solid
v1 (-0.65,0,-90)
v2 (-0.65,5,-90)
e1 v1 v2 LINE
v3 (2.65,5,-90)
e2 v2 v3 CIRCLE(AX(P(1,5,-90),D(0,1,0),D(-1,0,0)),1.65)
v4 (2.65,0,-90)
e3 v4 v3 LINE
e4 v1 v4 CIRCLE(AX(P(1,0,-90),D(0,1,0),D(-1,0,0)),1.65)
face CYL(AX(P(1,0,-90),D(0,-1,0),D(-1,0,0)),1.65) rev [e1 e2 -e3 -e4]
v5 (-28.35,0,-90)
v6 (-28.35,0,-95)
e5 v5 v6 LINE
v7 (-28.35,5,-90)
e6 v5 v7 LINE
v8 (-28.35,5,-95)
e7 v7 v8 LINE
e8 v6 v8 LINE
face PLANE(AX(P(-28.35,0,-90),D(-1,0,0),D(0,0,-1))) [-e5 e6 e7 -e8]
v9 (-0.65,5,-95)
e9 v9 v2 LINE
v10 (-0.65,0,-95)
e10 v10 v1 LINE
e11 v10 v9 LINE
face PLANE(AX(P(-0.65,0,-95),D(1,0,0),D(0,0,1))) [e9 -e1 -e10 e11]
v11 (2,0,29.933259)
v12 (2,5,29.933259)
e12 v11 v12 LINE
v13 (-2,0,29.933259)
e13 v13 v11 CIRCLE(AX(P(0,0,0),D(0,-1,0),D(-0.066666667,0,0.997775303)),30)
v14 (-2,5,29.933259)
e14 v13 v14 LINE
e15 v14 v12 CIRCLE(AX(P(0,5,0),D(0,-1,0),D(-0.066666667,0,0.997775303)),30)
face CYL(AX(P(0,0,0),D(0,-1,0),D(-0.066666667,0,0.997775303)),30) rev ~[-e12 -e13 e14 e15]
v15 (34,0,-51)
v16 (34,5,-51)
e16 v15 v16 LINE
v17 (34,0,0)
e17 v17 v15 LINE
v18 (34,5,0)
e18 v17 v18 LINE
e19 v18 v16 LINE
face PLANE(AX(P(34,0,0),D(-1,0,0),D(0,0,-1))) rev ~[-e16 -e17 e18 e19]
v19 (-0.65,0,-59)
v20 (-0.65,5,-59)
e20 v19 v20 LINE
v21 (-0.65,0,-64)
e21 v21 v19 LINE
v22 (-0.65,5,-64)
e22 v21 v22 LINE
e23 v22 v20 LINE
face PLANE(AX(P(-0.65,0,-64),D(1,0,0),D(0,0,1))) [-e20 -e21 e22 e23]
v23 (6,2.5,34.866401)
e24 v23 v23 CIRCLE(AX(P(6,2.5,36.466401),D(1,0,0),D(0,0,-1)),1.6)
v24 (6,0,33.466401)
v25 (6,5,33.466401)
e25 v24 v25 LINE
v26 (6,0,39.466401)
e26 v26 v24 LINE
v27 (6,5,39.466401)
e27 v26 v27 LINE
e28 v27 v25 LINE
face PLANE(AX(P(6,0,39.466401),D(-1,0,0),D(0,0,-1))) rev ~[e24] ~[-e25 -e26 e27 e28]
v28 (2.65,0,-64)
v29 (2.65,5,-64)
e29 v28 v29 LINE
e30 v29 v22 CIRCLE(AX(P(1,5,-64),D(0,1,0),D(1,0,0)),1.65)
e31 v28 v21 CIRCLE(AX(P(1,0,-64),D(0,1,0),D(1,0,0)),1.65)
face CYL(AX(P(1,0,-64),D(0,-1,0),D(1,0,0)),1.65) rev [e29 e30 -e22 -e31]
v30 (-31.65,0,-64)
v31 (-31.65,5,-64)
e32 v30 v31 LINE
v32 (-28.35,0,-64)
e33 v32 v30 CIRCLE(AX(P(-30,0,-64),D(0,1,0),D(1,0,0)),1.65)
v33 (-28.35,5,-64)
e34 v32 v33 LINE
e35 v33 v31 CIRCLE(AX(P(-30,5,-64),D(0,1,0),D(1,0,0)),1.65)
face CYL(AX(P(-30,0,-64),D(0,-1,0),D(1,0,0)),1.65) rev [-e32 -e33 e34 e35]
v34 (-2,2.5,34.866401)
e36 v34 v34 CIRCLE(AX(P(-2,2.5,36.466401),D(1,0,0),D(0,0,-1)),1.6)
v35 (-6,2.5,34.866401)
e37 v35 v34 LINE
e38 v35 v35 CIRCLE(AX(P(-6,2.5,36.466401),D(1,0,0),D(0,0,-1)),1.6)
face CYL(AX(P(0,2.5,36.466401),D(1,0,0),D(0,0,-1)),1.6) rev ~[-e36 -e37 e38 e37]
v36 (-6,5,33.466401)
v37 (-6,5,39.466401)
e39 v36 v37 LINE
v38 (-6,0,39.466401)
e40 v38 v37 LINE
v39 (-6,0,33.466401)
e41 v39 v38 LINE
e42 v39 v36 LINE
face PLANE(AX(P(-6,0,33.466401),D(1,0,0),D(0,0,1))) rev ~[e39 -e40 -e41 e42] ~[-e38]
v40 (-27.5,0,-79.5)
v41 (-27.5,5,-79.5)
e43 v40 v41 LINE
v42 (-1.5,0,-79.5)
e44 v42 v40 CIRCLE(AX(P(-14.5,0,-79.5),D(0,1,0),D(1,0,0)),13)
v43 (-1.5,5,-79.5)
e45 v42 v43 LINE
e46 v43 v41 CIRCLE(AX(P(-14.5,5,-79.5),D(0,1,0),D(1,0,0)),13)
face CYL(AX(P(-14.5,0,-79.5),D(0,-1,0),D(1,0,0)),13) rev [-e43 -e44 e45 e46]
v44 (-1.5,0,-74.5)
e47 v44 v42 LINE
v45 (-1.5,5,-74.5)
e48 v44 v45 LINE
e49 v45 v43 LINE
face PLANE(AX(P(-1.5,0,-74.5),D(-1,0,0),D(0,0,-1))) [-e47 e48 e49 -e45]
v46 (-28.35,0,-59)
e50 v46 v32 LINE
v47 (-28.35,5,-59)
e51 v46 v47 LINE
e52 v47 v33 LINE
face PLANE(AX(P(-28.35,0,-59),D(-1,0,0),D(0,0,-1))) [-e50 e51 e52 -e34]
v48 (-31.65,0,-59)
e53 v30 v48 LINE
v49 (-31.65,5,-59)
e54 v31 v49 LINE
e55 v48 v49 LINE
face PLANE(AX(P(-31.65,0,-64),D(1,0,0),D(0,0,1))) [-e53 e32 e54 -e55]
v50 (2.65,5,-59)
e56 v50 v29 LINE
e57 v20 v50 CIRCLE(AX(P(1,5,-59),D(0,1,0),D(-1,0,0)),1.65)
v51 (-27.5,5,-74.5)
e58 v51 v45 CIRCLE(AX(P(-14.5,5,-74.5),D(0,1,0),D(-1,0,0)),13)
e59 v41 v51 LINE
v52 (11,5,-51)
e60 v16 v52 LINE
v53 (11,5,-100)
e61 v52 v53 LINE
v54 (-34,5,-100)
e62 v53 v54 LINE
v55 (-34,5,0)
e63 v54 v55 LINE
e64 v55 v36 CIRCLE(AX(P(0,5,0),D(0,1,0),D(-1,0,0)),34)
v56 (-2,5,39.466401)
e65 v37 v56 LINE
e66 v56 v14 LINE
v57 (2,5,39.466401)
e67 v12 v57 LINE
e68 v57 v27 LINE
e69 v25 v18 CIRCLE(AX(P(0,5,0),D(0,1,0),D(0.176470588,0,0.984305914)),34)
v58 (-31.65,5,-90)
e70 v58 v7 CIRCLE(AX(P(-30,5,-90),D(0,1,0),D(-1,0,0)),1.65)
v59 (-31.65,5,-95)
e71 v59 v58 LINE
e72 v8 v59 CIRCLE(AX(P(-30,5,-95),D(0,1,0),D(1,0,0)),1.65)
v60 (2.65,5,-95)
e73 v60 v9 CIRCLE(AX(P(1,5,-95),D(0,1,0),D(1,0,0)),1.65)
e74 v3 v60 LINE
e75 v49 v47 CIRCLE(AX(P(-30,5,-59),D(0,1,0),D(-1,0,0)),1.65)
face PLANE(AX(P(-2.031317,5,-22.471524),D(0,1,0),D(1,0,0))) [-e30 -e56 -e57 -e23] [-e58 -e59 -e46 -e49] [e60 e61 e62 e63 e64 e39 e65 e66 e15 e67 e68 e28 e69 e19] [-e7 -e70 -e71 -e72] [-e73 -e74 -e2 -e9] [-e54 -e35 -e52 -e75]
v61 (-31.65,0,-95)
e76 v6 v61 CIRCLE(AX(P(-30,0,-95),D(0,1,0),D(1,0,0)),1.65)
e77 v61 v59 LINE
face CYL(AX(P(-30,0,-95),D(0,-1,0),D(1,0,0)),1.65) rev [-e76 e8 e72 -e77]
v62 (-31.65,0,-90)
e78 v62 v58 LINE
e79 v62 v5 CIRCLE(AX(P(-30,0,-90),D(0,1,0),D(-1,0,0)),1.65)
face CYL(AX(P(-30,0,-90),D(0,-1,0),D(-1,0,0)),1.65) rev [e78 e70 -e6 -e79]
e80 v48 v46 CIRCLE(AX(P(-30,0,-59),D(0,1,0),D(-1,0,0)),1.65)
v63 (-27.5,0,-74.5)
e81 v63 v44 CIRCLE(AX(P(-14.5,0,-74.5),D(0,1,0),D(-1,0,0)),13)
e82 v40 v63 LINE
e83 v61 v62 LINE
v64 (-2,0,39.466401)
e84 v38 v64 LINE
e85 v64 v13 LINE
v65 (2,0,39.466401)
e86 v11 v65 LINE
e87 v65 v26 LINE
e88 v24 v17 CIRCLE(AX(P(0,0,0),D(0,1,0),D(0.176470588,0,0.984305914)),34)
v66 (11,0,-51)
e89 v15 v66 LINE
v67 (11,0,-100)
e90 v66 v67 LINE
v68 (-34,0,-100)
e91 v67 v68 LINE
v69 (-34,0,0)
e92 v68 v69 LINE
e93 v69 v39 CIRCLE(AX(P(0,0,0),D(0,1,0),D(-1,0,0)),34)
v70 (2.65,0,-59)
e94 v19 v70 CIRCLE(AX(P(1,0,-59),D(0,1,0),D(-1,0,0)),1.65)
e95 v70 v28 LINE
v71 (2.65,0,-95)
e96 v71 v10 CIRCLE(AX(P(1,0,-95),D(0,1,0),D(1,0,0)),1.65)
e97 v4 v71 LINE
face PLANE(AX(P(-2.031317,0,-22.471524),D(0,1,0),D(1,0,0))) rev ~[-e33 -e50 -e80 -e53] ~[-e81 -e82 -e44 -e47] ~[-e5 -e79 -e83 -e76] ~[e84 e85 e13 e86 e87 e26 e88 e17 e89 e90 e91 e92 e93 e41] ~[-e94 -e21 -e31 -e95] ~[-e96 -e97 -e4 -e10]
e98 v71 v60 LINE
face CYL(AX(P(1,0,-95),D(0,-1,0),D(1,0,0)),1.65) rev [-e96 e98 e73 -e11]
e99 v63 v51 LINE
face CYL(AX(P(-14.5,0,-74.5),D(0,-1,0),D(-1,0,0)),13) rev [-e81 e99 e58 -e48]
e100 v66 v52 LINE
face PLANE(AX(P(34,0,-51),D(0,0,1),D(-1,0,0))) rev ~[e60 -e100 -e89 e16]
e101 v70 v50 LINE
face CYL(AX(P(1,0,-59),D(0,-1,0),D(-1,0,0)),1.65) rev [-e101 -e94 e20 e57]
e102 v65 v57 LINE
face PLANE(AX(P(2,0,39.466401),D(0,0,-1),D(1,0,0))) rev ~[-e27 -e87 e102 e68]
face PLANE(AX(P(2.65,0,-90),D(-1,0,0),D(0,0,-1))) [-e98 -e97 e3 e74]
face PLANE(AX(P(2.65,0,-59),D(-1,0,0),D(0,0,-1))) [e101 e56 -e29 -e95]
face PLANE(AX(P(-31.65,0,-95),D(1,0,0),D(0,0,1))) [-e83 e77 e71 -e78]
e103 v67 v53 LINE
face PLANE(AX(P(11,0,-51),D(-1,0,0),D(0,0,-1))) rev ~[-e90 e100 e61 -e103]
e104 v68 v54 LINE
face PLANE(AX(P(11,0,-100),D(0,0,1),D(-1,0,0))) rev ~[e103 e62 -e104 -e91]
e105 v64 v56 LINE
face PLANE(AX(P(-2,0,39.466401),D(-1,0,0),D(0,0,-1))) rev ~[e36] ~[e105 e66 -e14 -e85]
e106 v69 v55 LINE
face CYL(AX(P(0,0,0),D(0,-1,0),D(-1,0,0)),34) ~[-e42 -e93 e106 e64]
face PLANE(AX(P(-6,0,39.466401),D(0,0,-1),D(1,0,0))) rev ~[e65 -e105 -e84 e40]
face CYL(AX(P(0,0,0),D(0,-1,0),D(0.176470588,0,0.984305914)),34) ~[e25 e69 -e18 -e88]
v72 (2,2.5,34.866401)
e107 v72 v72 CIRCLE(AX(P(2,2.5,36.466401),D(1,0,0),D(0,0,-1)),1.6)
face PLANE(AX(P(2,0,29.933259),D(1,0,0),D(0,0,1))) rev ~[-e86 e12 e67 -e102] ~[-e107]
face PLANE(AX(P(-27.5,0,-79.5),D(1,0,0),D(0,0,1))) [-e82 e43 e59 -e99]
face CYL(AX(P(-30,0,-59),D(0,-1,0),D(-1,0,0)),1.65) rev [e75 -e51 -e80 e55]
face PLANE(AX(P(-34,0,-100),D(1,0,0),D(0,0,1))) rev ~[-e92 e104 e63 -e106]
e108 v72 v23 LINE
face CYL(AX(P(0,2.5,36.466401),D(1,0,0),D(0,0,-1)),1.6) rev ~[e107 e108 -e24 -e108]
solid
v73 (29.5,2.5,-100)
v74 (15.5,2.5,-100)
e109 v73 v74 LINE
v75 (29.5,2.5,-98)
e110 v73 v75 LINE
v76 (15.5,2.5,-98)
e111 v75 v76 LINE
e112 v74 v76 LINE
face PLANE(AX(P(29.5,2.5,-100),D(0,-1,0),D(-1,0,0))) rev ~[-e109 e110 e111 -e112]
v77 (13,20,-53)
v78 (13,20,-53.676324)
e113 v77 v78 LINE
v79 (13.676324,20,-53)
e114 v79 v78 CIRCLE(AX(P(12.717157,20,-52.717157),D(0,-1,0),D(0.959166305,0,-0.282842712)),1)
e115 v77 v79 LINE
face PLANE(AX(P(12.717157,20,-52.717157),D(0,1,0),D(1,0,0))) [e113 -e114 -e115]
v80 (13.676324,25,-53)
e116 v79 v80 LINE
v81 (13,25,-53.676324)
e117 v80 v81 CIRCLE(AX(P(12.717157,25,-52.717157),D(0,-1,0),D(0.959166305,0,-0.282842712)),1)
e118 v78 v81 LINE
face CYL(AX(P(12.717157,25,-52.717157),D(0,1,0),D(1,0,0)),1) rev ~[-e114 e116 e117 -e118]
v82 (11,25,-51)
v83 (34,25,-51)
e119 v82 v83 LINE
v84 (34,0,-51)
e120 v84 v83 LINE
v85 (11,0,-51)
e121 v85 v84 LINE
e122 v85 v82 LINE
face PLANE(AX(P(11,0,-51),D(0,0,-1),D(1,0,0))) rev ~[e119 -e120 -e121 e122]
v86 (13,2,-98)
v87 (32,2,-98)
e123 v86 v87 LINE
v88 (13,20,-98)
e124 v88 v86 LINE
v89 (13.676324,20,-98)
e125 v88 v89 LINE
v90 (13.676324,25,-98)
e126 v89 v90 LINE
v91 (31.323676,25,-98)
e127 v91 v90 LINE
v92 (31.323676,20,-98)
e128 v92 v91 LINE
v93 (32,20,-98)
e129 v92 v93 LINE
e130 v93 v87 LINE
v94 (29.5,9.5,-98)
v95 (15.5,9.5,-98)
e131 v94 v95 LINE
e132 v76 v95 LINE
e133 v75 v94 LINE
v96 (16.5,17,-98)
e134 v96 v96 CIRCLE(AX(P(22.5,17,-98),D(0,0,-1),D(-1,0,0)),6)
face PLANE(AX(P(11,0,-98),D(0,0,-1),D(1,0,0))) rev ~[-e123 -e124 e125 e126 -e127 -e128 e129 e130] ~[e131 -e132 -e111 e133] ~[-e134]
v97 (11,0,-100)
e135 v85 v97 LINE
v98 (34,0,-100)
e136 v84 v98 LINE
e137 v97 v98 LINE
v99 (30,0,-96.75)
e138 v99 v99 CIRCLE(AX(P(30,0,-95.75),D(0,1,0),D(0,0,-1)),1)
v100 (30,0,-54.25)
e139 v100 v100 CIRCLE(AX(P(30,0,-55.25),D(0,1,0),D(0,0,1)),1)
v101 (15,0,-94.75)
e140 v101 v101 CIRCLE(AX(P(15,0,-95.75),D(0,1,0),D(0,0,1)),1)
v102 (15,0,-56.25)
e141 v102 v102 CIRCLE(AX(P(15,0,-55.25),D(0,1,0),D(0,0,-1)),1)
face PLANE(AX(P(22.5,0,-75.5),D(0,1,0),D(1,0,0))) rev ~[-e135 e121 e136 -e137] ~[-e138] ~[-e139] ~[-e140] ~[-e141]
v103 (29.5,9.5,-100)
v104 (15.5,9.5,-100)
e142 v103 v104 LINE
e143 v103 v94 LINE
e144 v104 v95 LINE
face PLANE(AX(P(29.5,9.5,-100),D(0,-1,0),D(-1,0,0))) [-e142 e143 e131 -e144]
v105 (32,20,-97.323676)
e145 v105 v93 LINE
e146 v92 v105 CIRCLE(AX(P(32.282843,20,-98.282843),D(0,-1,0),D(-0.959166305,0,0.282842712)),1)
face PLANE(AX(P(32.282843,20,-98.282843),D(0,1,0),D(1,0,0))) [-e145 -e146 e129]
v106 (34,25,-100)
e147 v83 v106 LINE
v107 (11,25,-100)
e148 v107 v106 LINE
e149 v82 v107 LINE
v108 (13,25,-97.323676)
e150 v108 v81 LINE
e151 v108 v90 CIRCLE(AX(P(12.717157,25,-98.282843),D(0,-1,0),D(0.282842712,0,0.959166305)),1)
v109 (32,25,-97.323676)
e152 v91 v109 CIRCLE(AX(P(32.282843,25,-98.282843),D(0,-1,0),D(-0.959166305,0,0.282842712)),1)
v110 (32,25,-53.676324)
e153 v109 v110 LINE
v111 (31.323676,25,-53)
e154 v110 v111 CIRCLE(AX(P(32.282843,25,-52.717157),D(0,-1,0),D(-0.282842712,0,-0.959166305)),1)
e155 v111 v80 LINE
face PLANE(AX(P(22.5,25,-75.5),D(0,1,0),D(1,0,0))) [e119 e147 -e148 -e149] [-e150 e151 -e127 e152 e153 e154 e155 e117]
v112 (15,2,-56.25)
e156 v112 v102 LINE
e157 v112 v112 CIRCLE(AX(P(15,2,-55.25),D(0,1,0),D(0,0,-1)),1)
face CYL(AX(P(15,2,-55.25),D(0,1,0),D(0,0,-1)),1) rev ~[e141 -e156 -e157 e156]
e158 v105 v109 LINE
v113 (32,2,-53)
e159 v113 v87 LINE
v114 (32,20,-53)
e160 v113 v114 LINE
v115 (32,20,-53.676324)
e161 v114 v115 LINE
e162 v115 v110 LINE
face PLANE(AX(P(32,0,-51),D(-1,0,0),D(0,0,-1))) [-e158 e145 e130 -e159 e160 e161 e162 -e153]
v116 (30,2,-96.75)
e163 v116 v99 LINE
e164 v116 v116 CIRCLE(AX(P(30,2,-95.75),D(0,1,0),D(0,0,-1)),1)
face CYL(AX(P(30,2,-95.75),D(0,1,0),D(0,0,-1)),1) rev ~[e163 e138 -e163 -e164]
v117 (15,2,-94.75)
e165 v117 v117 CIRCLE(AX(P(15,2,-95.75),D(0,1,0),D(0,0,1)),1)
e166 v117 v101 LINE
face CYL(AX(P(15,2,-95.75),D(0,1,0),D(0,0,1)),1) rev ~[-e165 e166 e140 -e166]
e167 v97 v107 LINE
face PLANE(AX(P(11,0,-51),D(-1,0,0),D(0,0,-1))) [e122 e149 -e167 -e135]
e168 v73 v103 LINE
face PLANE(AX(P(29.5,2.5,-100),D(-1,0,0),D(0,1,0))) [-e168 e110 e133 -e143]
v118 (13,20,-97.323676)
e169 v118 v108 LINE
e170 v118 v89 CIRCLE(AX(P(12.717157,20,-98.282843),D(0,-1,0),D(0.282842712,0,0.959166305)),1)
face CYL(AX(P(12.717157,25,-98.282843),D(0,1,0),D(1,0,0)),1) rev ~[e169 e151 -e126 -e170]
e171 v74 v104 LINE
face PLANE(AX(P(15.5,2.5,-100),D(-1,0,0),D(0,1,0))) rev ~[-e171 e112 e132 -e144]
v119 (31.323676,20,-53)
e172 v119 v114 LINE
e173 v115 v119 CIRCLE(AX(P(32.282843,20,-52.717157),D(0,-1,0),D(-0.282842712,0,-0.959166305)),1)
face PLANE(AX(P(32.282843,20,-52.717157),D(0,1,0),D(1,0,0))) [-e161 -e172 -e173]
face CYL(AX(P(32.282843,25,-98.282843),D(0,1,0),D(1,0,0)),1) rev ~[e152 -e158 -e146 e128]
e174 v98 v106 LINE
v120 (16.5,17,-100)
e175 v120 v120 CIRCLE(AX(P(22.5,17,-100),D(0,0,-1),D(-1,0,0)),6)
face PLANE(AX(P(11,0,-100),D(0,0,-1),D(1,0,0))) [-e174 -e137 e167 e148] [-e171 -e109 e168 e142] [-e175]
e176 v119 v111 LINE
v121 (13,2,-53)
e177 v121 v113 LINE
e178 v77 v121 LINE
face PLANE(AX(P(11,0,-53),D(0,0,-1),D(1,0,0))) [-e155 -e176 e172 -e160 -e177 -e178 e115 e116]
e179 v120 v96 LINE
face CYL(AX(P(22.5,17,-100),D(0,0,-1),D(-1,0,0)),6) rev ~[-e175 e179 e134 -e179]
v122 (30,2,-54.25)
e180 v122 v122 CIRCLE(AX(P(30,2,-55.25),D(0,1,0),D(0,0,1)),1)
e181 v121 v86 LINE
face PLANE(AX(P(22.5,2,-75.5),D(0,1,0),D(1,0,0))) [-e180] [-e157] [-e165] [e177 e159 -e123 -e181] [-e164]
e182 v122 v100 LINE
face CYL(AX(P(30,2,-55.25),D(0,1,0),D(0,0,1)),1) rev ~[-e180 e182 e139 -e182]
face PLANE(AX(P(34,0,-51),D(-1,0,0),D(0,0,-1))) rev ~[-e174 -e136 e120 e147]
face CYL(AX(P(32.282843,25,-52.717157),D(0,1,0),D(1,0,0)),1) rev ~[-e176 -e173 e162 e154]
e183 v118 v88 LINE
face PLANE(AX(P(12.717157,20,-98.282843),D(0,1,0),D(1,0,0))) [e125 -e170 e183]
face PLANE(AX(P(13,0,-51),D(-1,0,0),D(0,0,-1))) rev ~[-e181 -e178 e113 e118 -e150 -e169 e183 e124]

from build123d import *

# Parameters (mm, degrees)
EXTRUDE_1_DEPTH     = 5
SKETCH_4_R          = 1.6
CUT_EXTRUDE_1_DEPTH = 10
SKETCH_5_W          = 23
SKETCH_5_H          = 49
EXTRUDE_2_DEPTH     = 25
SHELL_1_T           = -2
SKETCH_6_R          = 6
SKETCH_6_W          = 14
SKETCH_6_H          = 7
CUT_EXTRUDE_2_DEPTH = 2
SKETCH_7_R          = 1
CUT_EXTRUDE_3_DEPTH = 5
SKETCH_10_R         = 1
CUT_EXTRUDE_4_DEPTH = 10


with BuildPart() as part:
    # 草图2 → 凸台-拉伸1 (new body)
    with BuildSketch(Plane(origin=(0, 0, 0), x_dir=(1, 0, 0), z_dir=(0, 1, 0))):
        with BuildLine():
            Line((6, -39.466401061), (6, -33.466401061))
            ThreePointArc((6, -33.466401061), (26.076809621, -21.817424229), (34, 0))
            Line((34, 0), (34, 51))
            Line((34, 51), (11, 51))
            Line((11, 51), (11, 100))
            Line((11, 100), (-34, 100))
            Line((-34, 100), (-34, 0))
            ThreePointArc((-34, 0), (-26.076809621, -21.817424229), (-6, -33.466401061))
            Line((-6, -33.466401061), (-6, -39.466401061))
            Line((-6, -39.466401061), (-2, -39.466401061))
            Line((-2, -39.466401061), (-2, -29.933259094))
            ThreePointArc((-2, -29.933259094), (0, 30), (2, -29.933259094))
            Line((2, -29.933259094), (2, -39.466401061))
            Line((2, -39.466401061), (6, -39.466401061))
        make_face()
        with BuildLine():
            ThreePointArc((-0.65, 90), (1, 88.35), (2.65, 90))
            Line((2.65, 90), (2.65, 95))
            ThreePointArc((2.65, 95), (1, 96.65), (-0.65, 95))
            Line((-0.65, 95), (-0.65, 90))
        make_face(mode=Mode.SUBTRACT)
        with BuildLine():
            ThreePointArc((-31.65, 90), (-30, 88.35), (-28.35, 90))
            Line((-28.35, 90), (-28.35, 95))
            ThreePointArc((-28.35, 95), (-30, 96.65), (-31.65, 95))
            Line((-31.65, 95), (-31.65, 90))
        make_face(mode=Mode.SUBTRACT)
        with BuildLine():
            ThreePointArc((-27.5, 74.5), (-14.5, 61.5), (-1.5, 74.5))
            Line((-1.5, 74.5), (-1.5, 79.5))
            ThreePointArc((-1.5, 79.5), (-14.5, 92.5), (-27.5, 79.5))
            Line((-27.5, 79.5), (-27.5, 74.5))
        make_face(mode=Mode.SUBTRACT)
        with BuildLine():
            ThreePointArc((-0.65, 59), (1, 57.35), (2.65, 59))
            Line((2.65, 59), (2.65, 64))
            ThreePointArc((2.65, 64), (1, 65.65), (-0.65, 64))
            Line((-0.65, 64), (-0.65, 59))
        make_face(mode=Mode.SUBTRACT)
        with BuildLine():
            ThreePointArc((-31.65, 59), (-30, 57.35), (-28.35, 59))
            Line((-28.35, 59), (-28.35, 64))
            ThreePointArc((-28.35, 64), (-30, 65.65), (-31.65, 64))
            Line((-31.65, 64), (-31.65, 59))
        make_face(mode=Mode.SUBTRACT)
    extrude(amount=EXTRUDE_1_DEPTH)

    # 草图4 → 切除-拉伸1 (cut, symmetric)
    with BuildSketch(Plane(origin=(0, 0, 0), x_dir=(0, 0, -1), z_dir=(1, 0, 0))):
        with Locations((-36.466401061, 2.5)):
            Circle(SKETCH_4_R)
    extrude(amount=CUT_EXTRUDE_1_DEPTH, both=True, mode=Mode.SUBTRACT)


with BuildPart() as body_2:
    # 草图5 → 凸台-拉伸2 (new body)
    with BuildSketch(Plane(origin=(0, 0, 0), x_dir=(1, 0, 0), z_dir=(0, 1, 0))):
        with Locations((22.5, 75.5)):
            Rectangle(SKETCH_5_W, SKETCH_5_H)
    extrude(amount=EXTRUDE_2_DEPTH)

    # 抽壳1
    shell_1_openings = [body_2.faces().sort_by_distance(p)[0] for p in [
        (22.5, 25, -75.5),
    ]]
    offset(amount=SHELL_1_T, openings=shell_1_openings, kind=Kind.INTERSECTION)

    # 草图6 → 切除-拉伸2 (cut)
    with BuildSketch(Plane(origin=(0, 0, -100), x_dir=(-1, 0, 0), z_dir=(0, 0, -1))):
        with Locations((-22.5, 17)):
            Circle(SKETCH_6_R)
        with Locations((-22.5, 6)):
            Rectangle(SKETCH_6_W, SKETCH_6_H)
    extrude(amount=-CUT_EXTRUDE_2_DEPTH, mode=Mode.SUBTRACT)

    # 草图7 → 切除-拉伸3 (cut)
    with BuildSketch(Plane(origin=(0, 25, 0), x_dir=(1, 0, 0), z_dir=(0, 1, 0))):
        with Locations((12.717157288, 52.717157288)):
            Circle(SKETCH_7_R)
        with Locations((32.282842712, 52.717157288)):
            Circle(SKETCH_7_R)
        with Locations((32.282842712, 98.282842712)):
            Circle(SKETCH_7_R)
        with Locations((12.717157288, 98.282842712)):
            Circle(SKETCH_7_R)
    extrude(amount=-CUT_EXTRUDE_3_DEPTH, mode=Mode.SUBTRACT)

    # 草图10 → 切除-拉伸4 (cut)
    with BuildSketch(Plane(origin=(0, 2, 0), x_dir=(1, 0, 0), z_dir=(0, 1, 0))):
        with Locations(Location((15, 95.75, 0), (0, 0, 270))):
            Circle(SKETCH_10_R)
        with Locations(Location((30, 95.75, 0), (0, 0, 90))):
            Circle(SKETCH_10_R)
        with Locations(Location((30, 55.25, 0), (0, 0, 270))):
            Circle(SKETCH_10_R)
        with Locations(Location((15, 55.25, 0), (0, 0, 90))):
            Circle(SKETCH_10_R)
    extrude(amount=-CUT_EXTRUDE_4_DEPTH, mode=Mode.SUBTRACT)


solid = Compound([part.part, body_2.part])
